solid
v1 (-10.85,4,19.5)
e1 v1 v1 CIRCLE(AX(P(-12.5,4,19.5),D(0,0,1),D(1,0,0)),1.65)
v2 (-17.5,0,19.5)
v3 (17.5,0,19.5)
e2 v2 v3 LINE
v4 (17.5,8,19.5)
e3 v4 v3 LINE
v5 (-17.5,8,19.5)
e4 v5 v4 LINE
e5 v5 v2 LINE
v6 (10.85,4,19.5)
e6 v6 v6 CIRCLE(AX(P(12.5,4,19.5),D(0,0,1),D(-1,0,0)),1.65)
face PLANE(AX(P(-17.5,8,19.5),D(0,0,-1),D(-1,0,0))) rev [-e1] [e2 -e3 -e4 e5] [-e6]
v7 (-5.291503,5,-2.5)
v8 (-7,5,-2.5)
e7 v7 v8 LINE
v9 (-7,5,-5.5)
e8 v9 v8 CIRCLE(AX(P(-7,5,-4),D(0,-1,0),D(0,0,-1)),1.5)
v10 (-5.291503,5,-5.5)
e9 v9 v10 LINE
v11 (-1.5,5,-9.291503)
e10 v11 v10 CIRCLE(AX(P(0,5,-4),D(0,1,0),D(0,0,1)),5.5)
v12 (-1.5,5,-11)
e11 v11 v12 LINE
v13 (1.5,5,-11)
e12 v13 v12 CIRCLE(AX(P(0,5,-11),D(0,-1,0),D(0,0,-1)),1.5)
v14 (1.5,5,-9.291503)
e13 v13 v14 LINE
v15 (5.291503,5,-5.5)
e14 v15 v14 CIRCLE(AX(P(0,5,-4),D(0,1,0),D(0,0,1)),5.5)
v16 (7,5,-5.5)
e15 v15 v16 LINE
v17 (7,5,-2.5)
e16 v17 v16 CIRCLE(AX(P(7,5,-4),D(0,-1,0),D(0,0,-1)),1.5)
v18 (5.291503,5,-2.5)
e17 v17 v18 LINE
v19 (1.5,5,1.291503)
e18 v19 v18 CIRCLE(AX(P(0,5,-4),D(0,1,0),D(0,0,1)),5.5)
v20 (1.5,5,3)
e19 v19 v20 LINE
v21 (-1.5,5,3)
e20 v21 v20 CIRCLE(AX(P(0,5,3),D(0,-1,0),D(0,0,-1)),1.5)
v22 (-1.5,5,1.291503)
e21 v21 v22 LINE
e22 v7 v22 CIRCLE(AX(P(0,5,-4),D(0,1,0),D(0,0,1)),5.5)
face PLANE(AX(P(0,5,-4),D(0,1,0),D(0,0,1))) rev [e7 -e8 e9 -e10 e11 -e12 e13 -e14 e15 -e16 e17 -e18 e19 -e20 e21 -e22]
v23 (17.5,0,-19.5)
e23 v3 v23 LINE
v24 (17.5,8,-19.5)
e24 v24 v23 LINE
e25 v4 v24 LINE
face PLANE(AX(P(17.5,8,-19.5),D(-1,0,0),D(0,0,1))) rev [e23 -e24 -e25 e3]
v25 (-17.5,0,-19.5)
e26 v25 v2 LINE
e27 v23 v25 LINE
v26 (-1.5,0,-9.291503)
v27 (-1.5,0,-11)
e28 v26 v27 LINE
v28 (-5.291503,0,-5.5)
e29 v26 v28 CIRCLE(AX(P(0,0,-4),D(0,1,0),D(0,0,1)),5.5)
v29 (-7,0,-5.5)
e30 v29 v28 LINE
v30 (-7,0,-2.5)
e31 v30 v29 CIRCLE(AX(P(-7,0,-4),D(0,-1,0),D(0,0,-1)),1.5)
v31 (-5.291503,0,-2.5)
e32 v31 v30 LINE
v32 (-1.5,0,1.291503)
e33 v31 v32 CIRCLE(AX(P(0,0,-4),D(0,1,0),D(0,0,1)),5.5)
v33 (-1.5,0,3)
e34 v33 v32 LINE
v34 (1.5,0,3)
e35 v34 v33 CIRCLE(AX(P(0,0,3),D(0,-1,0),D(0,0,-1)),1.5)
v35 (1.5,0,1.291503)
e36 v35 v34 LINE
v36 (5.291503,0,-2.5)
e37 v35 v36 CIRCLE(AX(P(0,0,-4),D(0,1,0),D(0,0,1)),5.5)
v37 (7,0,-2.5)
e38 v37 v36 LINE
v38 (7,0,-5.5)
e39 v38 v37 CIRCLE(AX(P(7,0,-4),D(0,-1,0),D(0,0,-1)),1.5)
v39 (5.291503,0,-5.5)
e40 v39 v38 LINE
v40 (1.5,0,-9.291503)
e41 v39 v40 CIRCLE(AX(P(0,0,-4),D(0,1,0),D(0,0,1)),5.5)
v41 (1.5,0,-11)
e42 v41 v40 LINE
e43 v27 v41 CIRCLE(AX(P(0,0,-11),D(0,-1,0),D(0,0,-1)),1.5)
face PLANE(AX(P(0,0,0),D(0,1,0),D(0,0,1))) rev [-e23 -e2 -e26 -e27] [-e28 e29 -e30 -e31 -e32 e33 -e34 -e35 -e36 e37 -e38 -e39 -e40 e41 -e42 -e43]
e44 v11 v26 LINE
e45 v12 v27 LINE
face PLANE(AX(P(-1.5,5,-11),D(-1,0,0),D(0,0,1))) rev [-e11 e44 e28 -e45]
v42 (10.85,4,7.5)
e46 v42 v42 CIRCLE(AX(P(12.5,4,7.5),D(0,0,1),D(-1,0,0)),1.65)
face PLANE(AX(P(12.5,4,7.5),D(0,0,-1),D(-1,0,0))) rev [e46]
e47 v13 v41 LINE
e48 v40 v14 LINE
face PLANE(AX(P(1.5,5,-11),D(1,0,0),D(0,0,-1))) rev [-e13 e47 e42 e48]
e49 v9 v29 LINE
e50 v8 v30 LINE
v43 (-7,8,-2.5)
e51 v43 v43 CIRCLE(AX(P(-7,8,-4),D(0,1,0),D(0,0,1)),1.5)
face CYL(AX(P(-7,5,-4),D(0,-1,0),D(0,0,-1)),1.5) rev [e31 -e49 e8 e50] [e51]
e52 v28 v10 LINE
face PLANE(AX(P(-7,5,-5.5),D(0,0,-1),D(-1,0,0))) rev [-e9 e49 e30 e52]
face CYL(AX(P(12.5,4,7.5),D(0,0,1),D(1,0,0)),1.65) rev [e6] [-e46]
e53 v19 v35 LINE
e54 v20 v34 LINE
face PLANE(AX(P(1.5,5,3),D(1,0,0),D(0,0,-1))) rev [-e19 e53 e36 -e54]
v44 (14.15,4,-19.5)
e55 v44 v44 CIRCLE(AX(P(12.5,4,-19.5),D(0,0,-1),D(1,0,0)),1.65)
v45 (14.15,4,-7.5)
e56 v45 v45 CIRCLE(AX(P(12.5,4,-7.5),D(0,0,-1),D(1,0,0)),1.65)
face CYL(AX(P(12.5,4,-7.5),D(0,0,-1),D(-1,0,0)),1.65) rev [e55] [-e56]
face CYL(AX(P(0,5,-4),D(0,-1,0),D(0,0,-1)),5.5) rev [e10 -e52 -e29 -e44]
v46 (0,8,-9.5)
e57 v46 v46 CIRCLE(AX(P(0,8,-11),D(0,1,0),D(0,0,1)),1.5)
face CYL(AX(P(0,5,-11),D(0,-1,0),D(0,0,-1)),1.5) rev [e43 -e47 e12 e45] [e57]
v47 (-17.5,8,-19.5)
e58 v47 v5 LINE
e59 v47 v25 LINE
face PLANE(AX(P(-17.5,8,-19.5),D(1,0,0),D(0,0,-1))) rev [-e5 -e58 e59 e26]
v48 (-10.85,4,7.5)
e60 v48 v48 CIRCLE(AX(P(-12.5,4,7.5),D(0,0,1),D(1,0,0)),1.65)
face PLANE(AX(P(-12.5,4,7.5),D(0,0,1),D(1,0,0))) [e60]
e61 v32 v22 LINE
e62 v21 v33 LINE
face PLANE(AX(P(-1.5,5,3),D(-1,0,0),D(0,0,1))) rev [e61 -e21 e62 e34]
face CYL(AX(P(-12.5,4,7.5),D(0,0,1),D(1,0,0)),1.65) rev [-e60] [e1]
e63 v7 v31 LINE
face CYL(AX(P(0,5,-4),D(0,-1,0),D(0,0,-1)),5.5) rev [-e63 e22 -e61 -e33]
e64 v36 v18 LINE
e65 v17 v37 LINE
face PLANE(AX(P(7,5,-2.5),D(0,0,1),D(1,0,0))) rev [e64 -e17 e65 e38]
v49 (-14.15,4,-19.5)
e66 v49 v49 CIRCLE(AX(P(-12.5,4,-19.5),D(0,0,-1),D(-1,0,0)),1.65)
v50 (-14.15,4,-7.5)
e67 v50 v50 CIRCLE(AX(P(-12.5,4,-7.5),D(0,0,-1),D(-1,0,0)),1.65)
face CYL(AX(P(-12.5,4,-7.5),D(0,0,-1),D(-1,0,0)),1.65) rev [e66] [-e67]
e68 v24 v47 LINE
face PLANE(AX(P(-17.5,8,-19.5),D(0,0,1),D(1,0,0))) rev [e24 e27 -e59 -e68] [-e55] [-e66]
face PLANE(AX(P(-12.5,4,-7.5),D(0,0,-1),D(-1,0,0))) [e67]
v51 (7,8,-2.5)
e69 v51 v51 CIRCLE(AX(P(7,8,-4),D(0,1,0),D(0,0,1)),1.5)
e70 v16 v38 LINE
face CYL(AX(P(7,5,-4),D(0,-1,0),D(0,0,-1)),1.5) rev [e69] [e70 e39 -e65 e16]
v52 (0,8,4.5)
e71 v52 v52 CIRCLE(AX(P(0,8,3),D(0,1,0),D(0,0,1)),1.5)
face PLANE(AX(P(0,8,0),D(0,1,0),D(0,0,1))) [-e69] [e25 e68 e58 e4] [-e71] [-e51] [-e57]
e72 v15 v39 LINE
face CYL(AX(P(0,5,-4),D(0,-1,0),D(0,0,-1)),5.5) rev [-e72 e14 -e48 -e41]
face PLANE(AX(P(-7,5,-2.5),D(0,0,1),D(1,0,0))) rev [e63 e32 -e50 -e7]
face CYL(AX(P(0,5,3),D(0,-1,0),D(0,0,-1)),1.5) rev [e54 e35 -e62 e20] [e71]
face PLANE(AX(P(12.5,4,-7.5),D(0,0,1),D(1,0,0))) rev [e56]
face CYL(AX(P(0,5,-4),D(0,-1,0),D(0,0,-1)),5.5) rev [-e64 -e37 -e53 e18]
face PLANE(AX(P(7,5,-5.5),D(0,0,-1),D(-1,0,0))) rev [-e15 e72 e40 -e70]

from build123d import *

# Parameters (mm, degrees)
SKETCH_1_W          = 35
SKETCH_1_H          = 39
EXTRUDE_1_DEPTH     = 8
SKETCH_2_R          = 1.65
CUT_EXTRUDE_1_DEPTH = 12
SKETCH_5_R          = 5.5
CUT_EXTRUDE_3_DEPTH = 5
CUT_EXTRUDE_5_DEPTH = 5
SKETCH_8_R          = 1.5
CUT_EXTRUDE_6_DEPTH = 5
CUT_EXTRUDE_START   = -12
SKETCH_9_R          = 1.65
CUT_EXTRUDE_7_DEPTH = 12


with BuildPart() as part:
    # 草图1 → 凸台-拉伸1 (new body)
    with BuildSketch(Plane(origin=(0, 0, 0), x_dir=(1, 0, 0), z_dir=(0, 1, 0))):
        Rectangle(SKETCH_1_W, SKETCH_1_H)
    extrude(amount=EXTRUDE_1_DEPTH)

    # 草图2 → 切除-拉伸1 (cut)
    with BuildSketch(Plane(origin=(0, 0, -19.5), x_dir=(-1, 0, 0), z_dir=(0, 0, -1))):
        with Locations((12.5, 4)):
            Circle(SKETCH_2_R)
        with Locations(Location((-12.5, 4, 0), (0, 0, 180))):
            Circle(SKETCH_2_R)
    extrude(amount=-CUT_EXTRUDE_1_DEPTH, mode=Mode.SUBTRACT)

    # 草图5 → 切除-拉伸3 (cut)
    with BuildSketch(Plane(origin=(0, 0, 0), x_dir=(1, 0, 0), z_dir=(0, 1, 0))):
        with Locations(Location((0, 4, 0), (0, 0, 270))):
            Circle(SKETCH_5_R)
    extrude(amount=CUT_EXTRUDE_3_DEPTH, mode=Mode.SUBTRACT)

    # 草图7 → 切除-拉伸5 (cut)
    with BuildSketch(Plane.XZ):
        with BuildLine():
            Line((1.5, -11), (1.5, -9))
            Line((1.5, -9), (-1.5, -9))
            Line((-1.5, -9), (-1.5, -11))
            ThreePointArc((-1.5, -11), (0, -12.5), (1.5, -11))
        make_face()
        with BuildLine():
            Line((-7, -5.5), (-5, -5.5))
            Line((-5, -5.5), (-5, -2.5))
            Line((-5, -2.5), (-7, -2.5))
            ThreePointArc((-7, -2.5), (-8.5, -4), (-7, -5.5))
        make_face()
        with BuildLine():
            Line((-1.5, 3), (-1.5, 1))
            Line((-1.5, 1), (1.5, 1))
            Line((1.5, 1), (1.5, 3))
            ThreePointArc((1.5, 3), (0, 4.5), (-1.5, 3))
        make_face()
        with BuildLine():
            Line((7, -2.5), (5, -2.5))
            Line((5, -2.5), (5, -5.5))
            Line((5, -5.5), (7, -5.5))
            ThreePointArc((7, -5.5), (8.5, -4), (7, -2.5))
        make_face()
    extrude(amount=-CUT_EXTRUDE_5_DEPTH, mode=Mode.SUBTRACT)

    # 草图8 → 切除-拉伸6 (cut)
    with BuildSketch(Plane.XZ.offset(-5)):
        with Locations(Location((0, -11, 0), (0, 0, 180))):
            Circle(SKETCH_8_R)
        with Locations(Location((7, -4, 0), (0, 0, 90))):
            Circle(SKETCH_8_R)
        with Locations((0, 3)):
            Circle(SKETCH_8_R)
        with Locations(Location((-7, -4, 0), (0, 0, 90))):
            Circle(SKETCH_8_R)
    extrude(amount=-CUT_EXTRUDE_6_DEPTH, mode=Mode.SUBTRACT)

    # 草图9 → 切除-拉伸7 (cut)
    with BuildSketch(Plane.XY.offset(19.5).offset(CUT_EXTRUDE_START)):
        with Locations(Location((-12.5, 4, 0), (0, 0, 180))):
            Circle(SKETCH_9_R)
        with Locations((12.5, 4)):
            Circle(SKETCH_9_R)
    extrude(amount=CUT_EXTRUDE_7_DEPTH, mode=Mode.SUBTRACT)


solid = part.part
